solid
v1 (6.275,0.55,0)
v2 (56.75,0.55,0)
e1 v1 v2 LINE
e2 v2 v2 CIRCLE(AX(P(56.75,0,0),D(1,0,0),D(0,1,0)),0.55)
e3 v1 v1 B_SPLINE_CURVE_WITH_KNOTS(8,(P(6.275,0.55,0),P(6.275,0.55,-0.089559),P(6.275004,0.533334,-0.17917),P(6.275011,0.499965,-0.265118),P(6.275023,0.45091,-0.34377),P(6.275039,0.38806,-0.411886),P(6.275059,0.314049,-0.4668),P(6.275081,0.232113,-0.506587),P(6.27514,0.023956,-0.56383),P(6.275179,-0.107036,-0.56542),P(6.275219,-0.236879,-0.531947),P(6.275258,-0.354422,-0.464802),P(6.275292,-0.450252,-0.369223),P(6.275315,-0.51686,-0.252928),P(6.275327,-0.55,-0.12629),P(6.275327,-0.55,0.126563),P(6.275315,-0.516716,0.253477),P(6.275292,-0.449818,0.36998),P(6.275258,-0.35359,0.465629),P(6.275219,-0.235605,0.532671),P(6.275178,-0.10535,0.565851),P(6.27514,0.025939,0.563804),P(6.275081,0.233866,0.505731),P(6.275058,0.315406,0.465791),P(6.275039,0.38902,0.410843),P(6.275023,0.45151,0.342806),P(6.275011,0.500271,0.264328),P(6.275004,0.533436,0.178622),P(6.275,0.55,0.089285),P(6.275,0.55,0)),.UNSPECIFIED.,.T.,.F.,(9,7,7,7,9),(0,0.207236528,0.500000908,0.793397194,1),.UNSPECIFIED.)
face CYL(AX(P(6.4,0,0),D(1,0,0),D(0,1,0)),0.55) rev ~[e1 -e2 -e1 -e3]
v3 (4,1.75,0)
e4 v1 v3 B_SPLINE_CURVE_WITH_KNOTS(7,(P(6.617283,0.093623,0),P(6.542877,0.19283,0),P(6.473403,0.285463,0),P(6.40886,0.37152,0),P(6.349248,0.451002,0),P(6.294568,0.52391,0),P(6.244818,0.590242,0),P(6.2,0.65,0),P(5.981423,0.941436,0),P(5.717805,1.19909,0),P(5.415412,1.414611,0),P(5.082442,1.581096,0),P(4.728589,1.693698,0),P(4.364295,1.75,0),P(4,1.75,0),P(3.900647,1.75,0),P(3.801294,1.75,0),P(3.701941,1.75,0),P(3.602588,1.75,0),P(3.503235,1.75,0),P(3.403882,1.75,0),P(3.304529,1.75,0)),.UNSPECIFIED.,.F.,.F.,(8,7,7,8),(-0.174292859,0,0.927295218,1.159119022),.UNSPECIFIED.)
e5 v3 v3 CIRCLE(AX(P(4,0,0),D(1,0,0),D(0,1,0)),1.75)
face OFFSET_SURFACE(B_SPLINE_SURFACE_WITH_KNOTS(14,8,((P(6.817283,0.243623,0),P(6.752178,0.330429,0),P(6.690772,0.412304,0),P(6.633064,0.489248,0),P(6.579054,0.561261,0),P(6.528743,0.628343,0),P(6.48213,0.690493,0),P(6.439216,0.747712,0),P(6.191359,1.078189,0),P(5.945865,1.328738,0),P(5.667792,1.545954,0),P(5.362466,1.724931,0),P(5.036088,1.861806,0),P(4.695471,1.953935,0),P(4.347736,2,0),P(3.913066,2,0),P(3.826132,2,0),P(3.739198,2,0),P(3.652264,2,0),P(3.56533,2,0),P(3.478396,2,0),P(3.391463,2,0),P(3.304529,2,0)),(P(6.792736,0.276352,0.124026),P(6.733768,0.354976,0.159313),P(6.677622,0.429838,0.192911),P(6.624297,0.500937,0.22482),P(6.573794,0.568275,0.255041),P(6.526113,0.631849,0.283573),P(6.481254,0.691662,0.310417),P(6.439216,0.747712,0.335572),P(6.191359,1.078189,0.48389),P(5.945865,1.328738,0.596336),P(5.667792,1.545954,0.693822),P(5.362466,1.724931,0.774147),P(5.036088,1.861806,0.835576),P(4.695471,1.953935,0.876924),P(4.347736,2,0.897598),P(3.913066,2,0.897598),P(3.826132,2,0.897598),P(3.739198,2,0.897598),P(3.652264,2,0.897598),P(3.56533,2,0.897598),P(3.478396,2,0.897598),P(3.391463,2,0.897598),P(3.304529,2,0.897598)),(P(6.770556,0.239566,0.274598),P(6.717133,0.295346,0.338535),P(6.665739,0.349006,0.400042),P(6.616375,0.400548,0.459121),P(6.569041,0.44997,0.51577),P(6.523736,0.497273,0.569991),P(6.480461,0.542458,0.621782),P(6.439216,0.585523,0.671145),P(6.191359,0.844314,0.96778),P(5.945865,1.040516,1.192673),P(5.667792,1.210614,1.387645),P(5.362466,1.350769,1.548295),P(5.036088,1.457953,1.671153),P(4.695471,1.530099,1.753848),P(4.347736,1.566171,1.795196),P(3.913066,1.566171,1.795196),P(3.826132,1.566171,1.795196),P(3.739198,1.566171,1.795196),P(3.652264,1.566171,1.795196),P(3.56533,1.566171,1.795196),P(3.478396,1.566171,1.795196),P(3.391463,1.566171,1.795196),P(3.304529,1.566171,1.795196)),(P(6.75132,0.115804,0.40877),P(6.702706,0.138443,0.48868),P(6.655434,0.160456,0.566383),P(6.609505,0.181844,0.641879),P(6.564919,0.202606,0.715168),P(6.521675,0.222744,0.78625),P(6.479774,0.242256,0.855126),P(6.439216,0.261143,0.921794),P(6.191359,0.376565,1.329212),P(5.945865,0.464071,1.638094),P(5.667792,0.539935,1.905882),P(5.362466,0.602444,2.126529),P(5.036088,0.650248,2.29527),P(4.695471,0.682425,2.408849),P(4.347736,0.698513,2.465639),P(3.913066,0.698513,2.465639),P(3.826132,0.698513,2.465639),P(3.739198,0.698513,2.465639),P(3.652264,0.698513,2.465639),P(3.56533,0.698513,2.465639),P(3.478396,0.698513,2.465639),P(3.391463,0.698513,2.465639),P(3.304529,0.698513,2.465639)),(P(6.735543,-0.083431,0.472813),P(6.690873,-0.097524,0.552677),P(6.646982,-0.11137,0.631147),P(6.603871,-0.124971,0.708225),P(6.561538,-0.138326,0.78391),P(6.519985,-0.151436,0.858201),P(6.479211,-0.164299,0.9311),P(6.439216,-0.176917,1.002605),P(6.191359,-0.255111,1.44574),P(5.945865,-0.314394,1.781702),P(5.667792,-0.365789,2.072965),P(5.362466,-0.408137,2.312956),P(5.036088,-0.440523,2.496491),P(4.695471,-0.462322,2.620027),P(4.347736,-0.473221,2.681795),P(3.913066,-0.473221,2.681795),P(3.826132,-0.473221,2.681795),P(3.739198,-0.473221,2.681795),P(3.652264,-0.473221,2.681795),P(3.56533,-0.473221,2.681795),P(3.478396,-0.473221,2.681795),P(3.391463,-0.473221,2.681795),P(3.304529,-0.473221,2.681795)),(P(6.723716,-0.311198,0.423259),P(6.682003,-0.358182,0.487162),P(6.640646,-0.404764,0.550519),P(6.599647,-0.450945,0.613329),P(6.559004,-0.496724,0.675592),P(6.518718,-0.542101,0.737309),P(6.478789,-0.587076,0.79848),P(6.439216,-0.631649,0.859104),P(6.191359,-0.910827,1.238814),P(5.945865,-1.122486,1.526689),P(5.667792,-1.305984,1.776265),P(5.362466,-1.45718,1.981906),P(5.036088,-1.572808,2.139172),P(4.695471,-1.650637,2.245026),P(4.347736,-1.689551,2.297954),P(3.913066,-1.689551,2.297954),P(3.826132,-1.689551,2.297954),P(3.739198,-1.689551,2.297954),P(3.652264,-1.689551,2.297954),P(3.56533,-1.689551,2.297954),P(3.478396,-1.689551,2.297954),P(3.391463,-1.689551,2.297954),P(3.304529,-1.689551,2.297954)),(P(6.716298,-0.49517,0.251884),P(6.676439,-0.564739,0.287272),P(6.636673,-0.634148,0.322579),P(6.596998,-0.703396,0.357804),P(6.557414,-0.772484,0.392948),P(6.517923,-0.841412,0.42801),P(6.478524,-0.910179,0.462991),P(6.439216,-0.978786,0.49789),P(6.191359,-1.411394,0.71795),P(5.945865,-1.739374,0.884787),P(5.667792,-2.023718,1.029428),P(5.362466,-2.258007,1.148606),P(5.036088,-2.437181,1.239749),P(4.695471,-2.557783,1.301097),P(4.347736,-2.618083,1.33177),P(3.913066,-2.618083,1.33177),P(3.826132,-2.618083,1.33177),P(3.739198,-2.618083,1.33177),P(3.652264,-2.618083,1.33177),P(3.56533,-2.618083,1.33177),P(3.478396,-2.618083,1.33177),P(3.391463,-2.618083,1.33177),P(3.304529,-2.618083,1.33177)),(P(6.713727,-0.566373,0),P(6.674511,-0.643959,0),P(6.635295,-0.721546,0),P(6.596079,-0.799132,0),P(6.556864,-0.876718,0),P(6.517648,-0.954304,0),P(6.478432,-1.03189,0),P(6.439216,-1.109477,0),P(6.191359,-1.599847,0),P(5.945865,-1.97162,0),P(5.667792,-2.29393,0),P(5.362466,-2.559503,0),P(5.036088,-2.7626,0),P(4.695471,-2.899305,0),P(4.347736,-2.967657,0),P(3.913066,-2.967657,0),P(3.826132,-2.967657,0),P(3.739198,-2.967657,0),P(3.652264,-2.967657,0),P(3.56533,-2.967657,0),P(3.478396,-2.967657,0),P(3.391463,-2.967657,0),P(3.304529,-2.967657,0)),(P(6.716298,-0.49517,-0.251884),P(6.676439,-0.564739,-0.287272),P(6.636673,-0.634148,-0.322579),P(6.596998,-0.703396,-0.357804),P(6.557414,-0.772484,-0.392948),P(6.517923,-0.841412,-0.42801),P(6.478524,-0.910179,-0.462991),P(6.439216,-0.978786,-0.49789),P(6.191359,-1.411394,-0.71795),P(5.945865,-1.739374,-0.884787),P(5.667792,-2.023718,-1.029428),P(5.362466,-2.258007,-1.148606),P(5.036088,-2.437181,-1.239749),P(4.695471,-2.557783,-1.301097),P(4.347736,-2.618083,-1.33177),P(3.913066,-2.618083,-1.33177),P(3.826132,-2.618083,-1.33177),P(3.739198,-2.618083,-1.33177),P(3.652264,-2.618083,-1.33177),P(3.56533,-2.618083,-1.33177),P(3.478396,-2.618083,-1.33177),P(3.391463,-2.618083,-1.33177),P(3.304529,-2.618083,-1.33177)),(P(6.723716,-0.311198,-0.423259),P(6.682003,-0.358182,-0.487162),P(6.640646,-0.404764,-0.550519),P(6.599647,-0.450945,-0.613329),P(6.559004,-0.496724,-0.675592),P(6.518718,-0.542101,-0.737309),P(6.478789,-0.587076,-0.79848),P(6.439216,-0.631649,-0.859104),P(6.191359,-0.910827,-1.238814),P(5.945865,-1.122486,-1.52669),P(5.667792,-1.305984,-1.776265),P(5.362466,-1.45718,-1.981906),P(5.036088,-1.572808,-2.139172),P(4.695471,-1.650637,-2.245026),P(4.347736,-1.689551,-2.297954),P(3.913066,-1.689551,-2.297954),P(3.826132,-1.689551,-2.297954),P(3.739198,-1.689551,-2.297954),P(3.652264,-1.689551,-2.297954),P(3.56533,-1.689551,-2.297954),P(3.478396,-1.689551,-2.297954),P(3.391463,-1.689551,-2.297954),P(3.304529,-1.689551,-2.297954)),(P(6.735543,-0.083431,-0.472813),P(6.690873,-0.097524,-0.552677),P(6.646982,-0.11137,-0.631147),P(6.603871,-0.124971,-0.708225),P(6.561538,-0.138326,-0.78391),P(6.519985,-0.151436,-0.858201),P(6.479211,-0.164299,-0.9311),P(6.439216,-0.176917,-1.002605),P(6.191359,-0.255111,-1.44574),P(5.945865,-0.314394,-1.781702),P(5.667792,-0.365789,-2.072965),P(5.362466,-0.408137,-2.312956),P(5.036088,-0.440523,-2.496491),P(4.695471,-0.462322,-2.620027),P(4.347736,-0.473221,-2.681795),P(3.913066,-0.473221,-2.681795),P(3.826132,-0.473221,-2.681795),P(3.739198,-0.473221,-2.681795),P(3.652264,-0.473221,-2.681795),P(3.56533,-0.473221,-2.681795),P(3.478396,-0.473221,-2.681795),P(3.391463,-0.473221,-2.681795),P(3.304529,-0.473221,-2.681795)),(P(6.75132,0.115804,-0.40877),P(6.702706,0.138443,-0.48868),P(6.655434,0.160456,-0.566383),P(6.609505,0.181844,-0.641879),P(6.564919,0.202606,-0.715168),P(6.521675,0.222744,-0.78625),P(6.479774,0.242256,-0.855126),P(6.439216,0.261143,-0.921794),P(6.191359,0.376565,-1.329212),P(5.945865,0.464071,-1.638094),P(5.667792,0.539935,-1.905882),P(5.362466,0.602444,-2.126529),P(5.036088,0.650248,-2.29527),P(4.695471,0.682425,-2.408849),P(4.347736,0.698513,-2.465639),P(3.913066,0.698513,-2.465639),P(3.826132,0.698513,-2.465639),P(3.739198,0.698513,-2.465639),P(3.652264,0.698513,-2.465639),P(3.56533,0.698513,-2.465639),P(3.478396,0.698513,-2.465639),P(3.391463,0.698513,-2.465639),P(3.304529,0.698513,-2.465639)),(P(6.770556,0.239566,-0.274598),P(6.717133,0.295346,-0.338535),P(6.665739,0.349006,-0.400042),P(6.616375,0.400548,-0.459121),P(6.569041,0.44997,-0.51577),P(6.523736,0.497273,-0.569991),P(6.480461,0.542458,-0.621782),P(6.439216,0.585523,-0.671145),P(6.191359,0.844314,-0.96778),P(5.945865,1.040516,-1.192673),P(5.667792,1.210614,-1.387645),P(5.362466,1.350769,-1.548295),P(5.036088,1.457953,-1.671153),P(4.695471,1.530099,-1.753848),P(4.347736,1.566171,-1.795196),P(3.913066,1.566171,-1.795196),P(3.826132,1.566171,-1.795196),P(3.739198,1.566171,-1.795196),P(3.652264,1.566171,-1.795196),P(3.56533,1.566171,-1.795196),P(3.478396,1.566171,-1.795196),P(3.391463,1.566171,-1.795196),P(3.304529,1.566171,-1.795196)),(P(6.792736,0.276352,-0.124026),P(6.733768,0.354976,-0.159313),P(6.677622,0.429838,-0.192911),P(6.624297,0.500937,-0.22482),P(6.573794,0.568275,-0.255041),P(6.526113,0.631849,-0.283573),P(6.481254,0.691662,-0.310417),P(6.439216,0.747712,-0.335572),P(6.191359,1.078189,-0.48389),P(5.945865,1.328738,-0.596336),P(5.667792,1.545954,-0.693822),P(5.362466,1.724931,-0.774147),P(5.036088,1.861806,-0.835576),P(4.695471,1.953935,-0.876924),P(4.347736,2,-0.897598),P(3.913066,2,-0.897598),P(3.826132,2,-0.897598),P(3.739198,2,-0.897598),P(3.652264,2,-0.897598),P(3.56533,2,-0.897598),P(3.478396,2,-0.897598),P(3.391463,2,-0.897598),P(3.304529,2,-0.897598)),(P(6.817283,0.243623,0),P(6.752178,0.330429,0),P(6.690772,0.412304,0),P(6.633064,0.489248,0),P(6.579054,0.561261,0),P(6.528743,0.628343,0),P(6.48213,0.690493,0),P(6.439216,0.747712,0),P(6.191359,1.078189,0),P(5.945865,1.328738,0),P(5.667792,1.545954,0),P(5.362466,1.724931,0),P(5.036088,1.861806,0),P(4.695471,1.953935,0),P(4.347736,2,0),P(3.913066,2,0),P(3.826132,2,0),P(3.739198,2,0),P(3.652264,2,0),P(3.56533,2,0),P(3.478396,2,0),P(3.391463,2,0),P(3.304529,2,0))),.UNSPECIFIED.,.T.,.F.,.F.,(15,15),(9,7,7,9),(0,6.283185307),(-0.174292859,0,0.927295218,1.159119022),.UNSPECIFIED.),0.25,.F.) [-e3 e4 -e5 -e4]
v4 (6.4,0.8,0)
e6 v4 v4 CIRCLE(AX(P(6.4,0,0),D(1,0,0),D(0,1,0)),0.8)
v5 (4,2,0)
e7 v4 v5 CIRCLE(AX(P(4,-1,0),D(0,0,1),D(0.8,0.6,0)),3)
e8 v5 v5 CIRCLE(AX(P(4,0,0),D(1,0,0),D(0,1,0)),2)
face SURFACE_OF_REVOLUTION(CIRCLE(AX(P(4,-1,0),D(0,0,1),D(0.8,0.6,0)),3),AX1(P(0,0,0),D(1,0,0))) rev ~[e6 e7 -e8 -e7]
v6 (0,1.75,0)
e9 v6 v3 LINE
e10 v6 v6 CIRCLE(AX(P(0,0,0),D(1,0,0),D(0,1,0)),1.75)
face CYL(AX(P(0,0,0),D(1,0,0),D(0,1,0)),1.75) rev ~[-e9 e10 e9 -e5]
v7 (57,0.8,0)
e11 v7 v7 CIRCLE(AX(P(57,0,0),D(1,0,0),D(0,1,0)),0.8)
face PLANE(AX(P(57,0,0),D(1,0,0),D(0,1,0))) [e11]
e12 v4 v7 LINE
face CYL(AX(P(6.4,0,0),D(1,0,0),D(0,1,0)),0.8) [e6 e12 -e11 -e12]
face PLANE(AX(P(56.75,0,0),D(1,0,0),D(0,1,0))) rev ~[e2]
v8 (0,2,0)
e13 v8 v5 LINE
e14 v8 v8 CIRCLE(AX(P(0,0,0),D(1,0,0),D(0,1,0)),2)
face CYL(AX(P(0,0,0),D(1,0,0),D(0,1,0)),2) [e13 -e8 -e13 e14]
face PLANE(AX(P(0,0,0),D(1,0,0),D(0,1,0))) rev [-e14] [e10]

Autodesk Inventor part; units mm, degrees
ref_plane "YZ Plane" through (0, 0, 0) normal (1, 0, 0) x (0, 1, 0)
ref_plane "XZ Plane" through (0, 0, 0) normal (0, 1, 0) x (-1, 0, 0)
ref_plane "XY Plane" through (0, 0, 0) normal (0, 0, 1) x (1, 0, 0)
sketch "Skizze1" plane through (0, 0, 0) normal (0, 0, 1) x (1, 0, 0)
  line L0 (0, 0) -> (57, 0)
  line L1 (0, 0) -> (0, 2)
  line L2 (0, 2) -> (4, 2)
  arc A0 (6.4, 0.8) -> (4, 2) centre (4, -1) ccw
  line L3 (6.4, 0.8) -> (57, 0.8)
  line L4 (57, 0.8) -> (57, 0)
  dimension "d0" = 4
  dimension "d1" = 1.6
  dimension "d2" = 3
  dimension "d3" = 4
  dimension "d4" = 57
revolve "Umdrehung1" add sketch "Skizze1" angle 360 about axis through (0, 0, 0) along (1, 0, 0)
shell "Wandung1" thickness 0.25 removed faces 1 at (0, 0.6473, -0.1595)
properties part number "rod" material "Eisen, Grau"
